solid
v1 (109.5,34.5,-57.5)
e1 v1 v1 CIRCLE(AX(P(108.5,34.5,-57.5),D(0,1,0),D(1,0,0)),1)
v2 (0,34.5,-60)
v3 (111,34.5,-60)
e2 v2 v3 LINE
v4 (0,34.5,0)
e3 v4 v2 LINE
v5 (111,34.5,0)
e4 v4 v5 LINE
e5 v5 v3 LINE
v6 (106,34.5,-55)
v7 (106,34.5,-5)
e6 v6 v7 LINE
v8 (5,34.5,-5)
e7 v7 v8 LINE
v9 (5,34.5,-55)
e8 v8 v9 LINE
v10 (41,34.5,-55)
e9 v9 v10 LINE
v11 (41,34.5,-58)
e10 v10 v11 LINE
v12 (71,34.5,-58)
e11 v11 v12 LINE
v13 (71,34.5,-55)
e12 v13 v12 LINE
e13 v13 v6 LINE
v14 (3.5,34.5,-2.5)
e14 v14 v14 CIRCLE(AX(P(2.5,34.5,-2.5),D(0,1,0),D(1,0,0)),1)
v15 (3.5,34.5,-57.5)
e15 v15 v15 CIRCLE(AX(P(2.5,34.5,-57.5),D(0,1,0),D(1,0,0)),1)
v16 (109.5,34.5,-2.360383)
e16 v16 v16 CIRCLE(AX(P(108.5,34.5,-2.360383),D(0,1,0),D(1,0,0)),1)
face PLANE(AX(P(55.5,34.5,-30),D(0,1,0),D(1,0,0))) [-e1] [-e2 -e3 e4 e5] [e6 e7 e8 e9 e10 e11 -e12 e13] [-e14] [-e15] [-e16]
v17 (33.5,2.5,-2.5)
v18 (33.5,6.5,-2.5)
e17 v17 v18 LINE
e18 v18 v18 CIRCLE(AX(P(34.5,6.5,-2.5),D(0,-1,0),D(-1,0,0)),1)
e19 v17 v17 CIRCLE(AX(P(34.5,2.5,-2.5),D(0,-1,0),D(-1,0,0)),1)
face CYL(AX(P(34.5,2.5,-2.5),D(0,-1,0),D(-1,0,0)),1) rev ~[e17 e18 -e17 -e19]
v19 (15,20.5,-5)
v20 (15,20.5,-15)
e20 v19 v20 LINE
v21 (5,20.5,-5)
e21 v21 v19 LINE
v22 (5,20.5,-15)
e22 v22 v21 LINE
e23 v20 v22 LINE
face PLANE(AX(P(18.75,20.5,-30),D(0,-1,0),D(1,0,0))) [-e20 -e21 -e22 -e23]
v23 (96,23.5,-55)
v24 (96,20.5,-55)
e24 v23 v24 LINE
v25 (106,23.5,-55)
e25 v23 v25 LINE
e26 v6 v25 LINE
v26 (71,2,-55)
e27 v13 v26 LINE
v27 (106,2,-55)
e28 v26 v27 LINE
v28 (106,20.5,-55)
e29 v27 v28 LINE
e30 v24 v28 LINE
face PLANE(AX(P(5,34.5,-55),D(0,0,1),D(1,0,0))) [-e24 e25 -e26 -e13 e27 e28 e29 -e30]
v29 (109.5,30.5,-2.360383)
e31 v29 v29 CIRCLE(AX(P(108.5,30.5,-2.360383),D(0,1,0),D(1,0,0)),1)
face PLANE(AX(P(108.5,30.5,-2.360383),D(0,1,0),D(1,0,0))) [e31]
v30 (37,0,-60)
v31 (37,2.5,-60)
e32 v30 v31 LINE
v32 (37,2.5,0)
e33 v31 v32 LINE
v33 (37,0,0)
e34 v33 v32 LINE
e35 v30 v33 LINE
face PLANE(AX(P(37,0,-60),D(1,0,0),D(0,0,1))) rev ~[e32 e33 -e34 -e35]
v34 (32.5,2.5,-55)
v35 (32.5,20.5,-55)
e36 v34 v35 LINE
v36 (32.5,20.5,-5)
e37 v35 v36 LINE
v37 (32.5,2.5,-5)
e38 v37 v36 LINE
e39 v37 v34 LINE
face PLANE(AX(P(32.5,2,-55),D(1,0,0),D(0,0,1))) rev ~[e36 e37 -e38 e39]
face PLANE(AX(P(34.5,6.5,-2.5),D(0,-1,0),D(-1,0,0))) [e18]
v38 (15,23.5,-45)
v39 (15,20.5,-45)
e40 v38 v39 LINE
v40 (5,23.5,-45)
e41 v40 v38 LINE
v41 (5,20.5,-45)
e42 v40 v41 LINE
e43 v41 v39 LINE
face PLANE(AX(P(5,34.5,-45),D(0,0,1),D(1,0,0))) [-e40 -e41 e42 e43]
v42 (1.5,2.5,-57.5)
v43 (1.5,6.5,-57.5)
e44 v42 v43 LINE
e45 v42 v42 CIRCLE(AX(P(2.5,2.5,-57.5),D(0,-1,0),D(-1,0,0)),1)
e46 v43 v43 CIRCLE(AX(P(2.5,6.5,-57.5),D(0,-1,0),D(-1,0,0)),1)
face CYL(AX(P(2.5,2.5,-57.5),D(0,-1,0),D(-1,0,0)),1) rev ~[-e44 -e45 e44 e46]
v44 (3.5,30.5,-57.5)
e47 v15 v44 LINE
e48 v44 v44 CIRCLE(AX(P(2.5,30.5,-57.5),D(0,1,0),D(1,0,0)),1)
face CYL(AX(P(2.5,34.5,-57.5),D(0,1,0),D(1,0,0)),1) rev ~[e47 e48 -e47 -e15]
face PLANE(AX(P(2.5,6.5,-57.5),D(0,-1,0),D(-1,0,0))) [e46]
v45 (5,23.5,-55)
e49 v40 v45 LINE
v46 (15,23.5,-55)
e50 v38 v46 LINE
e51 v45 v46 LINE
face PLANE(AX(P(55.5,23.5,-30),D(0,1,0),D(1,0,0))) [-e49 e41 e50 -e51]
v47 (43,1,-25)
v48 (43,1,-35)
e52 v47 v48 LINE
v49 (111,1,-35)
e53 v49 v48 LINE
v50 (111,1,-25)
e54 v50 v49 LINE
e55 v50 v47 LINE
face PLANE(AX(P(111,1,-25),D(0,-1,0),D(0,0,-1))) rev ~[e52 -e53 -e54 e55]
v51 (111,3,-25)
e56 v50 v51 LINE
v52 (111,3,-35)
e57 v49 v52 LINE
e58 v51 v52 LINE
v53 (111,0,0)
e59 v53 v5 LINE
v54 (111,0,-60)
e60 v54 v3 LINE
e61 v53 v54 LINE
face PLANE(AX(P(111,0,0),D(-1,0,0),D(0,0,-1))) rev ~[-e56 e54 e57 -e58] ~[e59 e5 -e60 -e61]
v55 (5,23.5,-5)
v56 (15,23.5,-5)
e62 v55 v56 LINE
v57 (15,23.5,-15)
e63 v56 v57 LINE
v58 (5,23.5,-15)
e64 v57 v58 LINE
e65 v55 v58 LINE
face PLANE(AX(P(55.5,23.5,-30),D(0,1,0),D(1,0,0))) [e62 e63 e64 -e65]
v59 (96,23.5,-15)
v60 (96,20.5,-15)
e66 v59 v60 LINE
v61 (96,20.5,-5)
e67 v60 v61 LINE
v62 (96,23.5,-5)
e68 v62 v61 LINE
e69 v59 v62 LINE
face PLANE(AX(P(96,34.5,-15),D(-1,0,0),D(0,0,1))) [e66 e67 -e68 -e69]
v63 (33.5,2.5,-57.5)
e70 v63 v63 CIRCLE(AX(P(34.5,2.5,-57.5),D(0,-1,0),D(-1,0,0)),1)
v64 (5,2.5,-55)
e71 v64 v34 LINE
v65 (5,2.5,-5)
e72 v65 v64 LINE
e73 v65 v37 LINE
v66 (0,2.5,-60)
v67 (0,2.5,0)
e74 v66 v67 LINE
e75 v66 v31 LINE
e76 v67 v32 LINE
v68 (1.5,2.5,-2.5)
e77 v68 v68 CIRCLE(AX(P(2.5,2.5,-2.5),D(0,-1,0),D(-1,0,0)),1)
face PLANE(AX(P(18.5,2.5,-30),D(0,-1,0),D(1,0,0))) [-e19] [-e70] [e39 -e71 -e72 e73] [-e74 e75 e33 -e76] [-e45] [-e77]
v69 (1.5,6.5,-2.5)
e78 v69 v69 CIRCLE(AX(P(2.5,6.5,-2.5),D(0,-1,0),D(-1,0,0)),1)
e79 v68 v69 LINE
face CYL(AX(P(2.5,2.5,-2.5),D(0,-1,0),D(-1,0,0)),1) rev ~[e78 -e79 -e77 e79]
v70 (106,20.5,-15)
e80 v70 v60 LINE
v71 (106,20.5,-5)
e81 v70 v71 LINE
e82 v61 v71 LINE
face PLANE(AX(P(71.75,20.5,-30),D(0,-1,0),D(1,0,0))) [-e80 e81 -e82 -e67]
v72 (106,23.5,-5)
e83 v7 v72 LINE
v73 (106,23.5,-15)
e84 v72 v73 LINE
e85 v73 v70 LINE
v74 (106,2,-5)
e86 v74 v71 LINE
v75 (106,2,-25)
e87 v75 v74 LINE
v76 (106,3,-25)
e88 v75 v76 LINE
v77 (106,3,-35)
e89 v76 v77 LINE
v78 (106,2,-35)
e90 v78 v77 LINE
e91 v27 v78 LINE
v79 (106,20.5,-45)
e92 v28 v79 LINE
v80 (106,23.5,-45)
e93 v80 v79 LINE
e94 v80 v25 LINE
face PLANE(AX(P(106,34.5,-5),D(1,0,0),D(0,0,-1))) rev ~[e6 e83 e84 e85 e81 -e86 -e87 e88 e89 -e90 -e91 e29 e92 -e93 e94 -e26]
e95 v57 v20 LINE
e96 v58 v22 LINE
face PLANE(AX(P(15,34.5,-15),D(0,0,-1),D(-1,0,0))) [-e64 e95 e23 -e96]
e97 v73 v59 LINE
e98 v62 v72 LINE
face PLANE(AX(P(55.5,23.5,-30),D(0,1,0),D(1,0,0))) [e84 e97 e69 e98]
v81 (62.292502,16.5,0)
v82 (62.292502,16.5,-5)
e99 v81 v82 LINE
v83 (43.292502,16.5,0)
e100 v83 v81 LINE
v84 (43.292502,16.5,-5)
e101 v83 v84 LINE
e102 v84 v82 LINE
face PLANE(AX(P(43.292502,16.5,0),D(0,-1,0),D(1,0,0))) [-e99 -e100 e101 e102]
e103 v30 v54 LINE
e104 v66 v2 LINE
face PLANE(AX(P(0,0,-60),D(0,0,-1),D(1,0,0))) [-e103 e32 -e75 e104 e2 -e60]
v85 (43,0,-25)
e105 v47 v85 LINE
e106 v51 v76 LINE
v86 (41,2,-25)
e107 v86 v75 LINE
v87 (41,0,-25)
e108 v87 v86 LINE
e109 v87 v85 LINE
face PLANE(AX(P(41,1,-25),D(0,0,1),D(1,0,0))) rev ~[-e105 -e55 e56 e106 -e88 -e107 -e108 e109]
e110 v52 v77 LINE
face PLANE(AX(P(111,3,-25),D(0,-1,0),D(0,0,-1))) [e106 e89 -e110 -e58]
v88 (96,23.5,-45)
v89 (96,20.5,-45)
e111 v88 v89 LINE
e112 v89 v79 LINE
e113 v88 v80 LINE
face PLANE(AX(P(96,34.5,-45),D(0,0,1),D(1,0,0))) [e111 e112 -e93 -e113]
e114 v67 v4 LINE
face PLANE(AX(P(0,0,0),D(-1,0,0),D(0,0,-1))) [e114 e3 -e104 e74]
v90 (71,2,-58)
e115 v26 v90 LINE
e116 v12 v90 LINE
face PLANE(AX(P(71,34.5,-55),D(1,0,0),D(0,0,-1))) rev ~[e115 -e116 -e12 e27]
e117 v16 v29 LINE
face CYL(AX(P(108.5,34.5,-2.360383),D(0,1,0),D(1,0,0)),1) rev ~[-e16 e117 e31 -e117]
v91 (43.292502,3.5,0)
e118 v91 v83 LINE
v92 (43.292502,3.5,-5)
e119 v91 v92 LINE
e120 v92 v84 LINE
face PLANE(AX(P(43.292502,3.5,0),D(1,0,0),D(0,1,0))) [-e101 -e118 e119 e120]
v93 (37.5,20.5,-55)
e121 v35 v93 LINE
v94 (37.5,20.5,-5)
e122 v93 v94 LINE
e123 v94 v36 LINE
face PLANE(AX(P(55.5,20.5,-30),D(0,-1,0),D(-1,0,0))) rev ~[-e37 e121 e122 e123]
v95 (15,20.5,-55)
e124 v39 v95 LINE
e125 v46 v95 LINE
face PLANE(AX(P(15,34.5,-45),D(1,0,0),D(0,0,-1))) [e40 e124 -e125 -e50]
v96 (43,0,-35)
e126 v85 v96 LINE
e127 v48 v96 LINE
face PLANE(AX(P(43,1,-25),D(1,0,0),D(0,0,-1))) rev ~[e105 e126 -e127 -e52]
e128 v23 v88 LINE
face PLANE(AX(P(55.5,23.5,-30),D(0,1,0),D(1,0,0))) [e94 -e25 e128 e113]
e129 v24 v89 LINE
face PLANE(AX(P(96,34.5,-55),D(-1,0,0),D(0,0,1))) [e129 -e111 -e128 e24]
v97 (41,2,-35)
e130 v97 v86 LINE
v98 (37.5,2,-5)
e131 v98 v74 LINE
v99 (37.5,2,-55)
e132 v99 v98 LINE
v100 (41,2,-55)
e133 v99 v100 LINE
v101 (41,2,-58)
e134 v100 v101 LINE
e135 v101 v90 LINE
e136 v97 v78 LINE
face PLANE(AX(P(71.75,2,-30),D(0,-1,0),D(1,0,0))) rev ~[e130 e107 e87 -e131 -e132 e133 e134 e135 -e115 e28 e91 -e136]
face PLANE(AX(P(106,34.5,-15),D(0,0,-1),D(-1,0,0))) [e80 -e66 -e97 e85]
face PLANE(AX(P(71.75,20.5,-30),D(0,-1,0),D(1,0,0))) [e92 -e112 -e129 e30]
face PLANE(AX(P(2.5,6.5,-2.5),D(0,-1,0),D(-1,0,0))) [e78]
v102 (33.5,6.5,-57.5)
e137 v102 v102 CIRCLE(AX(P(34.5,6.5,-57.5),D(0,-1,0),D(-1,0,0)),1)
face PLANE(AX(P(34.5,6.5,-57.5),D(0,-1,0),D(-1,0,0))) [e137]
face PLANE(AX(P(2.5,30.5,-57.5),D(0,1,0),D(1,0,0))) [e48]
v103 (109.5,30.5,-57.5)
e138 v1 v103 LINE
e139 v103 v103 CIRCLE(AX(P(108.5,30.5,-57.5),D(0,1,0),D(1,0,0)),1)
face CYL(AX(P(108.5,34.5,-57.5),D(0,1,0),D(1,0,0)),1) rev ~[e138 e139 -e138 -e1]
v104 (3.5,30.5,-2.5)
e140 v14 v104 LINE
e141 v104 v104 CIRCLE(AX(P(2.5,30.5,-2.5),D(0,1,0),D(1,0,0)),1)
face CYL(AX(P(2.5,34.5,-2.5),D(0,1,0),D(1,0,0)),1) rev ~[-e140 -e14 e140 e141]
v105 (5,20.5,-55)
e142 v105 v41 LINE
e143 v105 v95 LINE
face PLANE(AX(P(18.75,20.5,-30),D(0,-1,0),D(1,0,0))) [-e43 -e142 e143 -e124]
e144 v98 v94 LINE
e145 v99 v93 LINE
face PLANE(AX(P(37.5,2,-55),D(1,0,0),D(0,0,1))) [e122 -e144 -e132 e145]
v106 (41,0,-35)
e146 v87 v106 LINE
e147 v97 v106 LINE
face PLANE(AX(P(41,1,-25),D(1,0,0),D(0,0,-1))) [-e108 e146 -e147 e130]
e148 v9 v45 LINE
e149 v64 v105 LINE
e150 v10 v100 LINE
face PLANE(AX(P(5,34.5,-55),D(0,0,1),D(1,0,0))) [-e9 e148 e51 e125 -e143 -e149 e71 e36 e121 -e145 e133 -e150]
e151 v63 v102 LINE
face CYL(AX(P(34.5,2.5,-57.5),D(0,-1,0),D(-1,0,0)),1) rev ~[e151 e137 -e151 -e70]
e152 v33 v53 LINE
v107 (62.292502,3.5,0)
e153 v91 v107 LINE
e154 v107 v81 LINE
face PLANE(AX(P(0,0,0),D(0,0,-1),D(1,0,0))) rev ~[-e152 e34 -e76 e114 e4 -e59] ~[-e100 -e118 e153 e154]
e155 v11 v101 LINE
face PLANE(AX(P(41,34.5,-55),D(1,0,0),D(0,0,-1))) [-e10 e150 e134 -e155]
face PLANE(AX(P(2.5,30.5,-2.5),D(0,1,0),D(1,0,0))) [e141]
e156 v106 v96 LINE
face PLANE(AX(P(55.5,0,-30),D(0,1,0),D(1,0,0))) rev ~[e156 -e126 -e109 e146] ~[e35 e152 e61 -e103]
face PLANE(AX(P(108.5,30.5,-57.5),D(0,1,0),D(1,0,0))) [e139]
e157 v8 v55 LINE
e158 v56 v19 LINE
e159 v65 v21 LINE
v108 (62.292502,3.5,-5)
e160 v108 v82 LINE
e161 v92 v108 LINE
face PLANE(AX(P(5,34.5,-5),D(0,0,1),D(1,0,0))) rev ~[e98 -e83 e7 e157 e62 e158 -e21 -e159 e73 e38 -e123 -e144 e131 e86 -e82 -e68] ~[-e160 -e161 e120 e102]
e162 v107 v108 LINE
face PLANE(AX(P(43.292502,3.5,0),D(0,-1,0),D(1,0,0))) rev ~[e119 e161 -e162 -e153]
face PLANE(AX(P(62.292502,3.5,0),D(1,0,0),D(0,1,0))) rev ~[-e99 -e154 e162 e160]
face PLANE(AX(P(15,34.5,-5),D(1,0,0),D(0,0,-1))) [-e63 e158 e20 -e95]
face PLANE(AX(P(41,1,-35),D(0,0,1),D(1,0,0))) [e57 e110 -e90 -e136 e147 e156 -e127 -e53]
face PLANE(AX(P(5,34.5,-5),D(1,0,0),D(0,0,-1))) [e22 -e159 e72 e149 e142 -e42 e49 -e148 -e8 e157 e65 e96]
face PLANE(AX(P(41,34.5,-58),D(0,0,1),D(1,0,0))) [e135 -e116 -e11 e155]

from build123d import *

# Parameters (mm, degrees)
SKETCH1_W           = 111
SKETCH1_H           = 60
BOSS_EXTRUDE1_DEPTH = 34.5
SKETCH2_W           = 101
SKETCH2_H           = 50
CUT_EXTRUDE1_DEPTH  = 11
CUT_EXTRUDE3_DEPTH  = 14
CUT_EXTRUDE5_START  = -2
SKETCH5_W           = 27.5
SKETCH5_H           = 50
SKETCH5_W_2         = 68.5
CUT_EXTRUDE5_DEPTH  = 18.5
SKETCH6_W           = 37
SKETCH6_H           = 60
CUT_EXTRUDE6_DEPTH  = 2.5
SKETCH7_R           = 1
CUT_EXTRUDE7_DEPTH  = 4
SKETCH8_R           = 1
CUT_EXTRUDE8_DEPTH  = 4
SKETCH9_W           = 19
SKETCH9_H           = 13
CUT_EXTRUDE9_DEPTH  = 10
SKETCH10_W          = 10
SKETCH10_H          = 2
CUT_EXTRUDE10_DEPTH = 70
SKETCH11_W          = 2
SKETCH11_H          = 10
CUT_EXTRUDE11_DEPTH = 2
SKETCH12_W          = 30
SKETCH12_H          = 3
CUT_EXTRUDE12_DEPTH = 32.5


with BuildPart() as part:
    # Sketch1 → Boss-Extrude1 (new body)
    with BuildSketch(Plane(origin=(0, 0, 0), x_dir=(1, 0, 0), z_dir=(0, 1, 0))):
        with Locations((55.5, 30)):
            Rectangle(SKETCH1_W, SKETCH1_H)
    extrude(amount=BOSS_EXTRUDE1_DEPTH)

    # Sketch2 → Cut-Extrude1 (cut)
    with BuildSketch(Plane(origin=(0, 34.5, 0), x_dir=(1, 0, 0), z_dir=(0, 1, 0))):
        with Locations((55.5, 30)):
            Rectangle(SKETCH2_W, SKETCH2_H)
    extrude(amount=-CUT_EXTRUDE1_DEPTH, mode=Mode.SUBTRACT)

    # Sketch3 → Cut-Extrude3 (cut)
    with BuildSketch(Plane(origin=(0, 34.5, 0), x_dir=(1, 0, 0), z_dir=(0, 1, 0))):
        Polygon((5, 45), (15, 45), (15, 55), (96, 55), (96, 45), (106, 45), (106, 15), (96, 15), (96, 5), (15, 5), (15, 15), (5, 15), align=None)
    extrude(amount=-CUT_EXTRUDE3_DEPTH, mode=Mode.SUBTRACT)

    # Sketch5 → Cut-Extrude5 (cut)
    with BuildSketch(Plane.XZ.offset(CUT_EXTRUDE5_START)):
        with Locations((18.75, -30)):
            Rectangle(SKETCH5_W, SKETCH5_H)
        with Locations((71.75, -30)):
            Rectangle(SKETCH5_W_2, SKETCH5_H)
    extrude(amount=-CUT_EXTRUDE5_DEPTH, mode=Mode.SUBTRACT)

    # Sketch6 → Cut-Extrude6 (cut)
    with BuildSketch(Plane.XZ):
        with Locations((18.5, -30)):
            Rectangle(SKETCH6_W, SKETCH6_H)
    extrude(amount=-CUT_EXTRUDE6_DEPTH, mode=Mode.SUBTRACT)

    # Sketch7 → Cut-Extrude7 (cut)
    with BuildSketch(Plane(origin=(0, 2.5, 0), x_dir=(-1, 0, 0), z_dir=(0, -1, 0))):
        with Locations((-2.5, 57.5)):
            Circle(SKETCH7_R)
        with Locations((-34.5, 57.5)):
            Circle(SKETCH7_R)
        with Locations((-34.5, 2.5)):
            Circle(SKETCH7_R)
        with Locations((-2.5, 2.5)):
            Circle(SKETCH7_R)
    extrude(amount=-CUT_EXTRUDE7_DEPTH, mode=Mode.SUBTRACT)

    # Sketch8 → Cut-Extrude8 (cut)
    with BuildSketch(Plane(origin=(0, 34.5, 0), x_dir=(1, 0, 0), z_dir=(0, 1, 0))):
        with Locations((2.5, 57.5)):
            Circle(SKETCH8_R)
        with Locations((108.5, 57.5)):
            Circle(SKETCH8_R)
        with Locations((108.5, 2.360383006)):
            Circle(SKETCH8_R)
        with Locations((2.5, 2.5)):
            Circle(SKETCH8_R)
    extrude(amount=-CUT_EXTRUDE8_DEPTH, mode=Mode.SUBTRACT)

    # Sketch9 → Cut-Extrude9 (cut)
    with BuildSketch(Plane.XY):
        with Locations((52.792502494, 10)):
            Rectangle(SKETCH9_W, SKETCH9_H)
    extrude(amount=-CUT_EXTRUDE9_DEPTH, mode=Mode.SUBTRACT)

    # Sketch10 → Cut-Extrude10 (cut)
    with BuildSketch(Plane(origin=(111, 0, 0), x_dir=(0, 0, -1), z_dir=(1, 0, 0))):
        with Locations((30, 2)):
            Rectangle(SKETCH10_W, SKETCH10_H)
    extrude(amount=-CUT_EXTRUDE10_DEPTH, mode=Mode.SUBTRACT)

    # Sketch11 → Cut-Extrude11 (cut, through all)
    with BuildSketch(Plane(origin=(0, 1, 0), x_dir=(1, 0, 0), z_dir=(0, 1, 0))):
        with Locations((42, 30)):
            Rectangle(SKETCH11_W, SKETCH11_H)
    extrude(amount=-CUT_EXTRUDE11_DEPTH, mode=Mode.SUBTRACT)

    # Sketch12 → Cut-Extrude12 (cut)
    with BuildSketch(Plane(origin=(0, 34.5, 0), x_dir=(1, 0, 0), z_dir=(0, 1, 0))):
        with Locations((56, 56.5)):
            Rectangle(SKETCH12_W, SKETCH12_H)
    extrude(amount=-CUT_EXTRUDE12_DEPTH, mode=Mode.SUBTRACT)


solid = part.part
